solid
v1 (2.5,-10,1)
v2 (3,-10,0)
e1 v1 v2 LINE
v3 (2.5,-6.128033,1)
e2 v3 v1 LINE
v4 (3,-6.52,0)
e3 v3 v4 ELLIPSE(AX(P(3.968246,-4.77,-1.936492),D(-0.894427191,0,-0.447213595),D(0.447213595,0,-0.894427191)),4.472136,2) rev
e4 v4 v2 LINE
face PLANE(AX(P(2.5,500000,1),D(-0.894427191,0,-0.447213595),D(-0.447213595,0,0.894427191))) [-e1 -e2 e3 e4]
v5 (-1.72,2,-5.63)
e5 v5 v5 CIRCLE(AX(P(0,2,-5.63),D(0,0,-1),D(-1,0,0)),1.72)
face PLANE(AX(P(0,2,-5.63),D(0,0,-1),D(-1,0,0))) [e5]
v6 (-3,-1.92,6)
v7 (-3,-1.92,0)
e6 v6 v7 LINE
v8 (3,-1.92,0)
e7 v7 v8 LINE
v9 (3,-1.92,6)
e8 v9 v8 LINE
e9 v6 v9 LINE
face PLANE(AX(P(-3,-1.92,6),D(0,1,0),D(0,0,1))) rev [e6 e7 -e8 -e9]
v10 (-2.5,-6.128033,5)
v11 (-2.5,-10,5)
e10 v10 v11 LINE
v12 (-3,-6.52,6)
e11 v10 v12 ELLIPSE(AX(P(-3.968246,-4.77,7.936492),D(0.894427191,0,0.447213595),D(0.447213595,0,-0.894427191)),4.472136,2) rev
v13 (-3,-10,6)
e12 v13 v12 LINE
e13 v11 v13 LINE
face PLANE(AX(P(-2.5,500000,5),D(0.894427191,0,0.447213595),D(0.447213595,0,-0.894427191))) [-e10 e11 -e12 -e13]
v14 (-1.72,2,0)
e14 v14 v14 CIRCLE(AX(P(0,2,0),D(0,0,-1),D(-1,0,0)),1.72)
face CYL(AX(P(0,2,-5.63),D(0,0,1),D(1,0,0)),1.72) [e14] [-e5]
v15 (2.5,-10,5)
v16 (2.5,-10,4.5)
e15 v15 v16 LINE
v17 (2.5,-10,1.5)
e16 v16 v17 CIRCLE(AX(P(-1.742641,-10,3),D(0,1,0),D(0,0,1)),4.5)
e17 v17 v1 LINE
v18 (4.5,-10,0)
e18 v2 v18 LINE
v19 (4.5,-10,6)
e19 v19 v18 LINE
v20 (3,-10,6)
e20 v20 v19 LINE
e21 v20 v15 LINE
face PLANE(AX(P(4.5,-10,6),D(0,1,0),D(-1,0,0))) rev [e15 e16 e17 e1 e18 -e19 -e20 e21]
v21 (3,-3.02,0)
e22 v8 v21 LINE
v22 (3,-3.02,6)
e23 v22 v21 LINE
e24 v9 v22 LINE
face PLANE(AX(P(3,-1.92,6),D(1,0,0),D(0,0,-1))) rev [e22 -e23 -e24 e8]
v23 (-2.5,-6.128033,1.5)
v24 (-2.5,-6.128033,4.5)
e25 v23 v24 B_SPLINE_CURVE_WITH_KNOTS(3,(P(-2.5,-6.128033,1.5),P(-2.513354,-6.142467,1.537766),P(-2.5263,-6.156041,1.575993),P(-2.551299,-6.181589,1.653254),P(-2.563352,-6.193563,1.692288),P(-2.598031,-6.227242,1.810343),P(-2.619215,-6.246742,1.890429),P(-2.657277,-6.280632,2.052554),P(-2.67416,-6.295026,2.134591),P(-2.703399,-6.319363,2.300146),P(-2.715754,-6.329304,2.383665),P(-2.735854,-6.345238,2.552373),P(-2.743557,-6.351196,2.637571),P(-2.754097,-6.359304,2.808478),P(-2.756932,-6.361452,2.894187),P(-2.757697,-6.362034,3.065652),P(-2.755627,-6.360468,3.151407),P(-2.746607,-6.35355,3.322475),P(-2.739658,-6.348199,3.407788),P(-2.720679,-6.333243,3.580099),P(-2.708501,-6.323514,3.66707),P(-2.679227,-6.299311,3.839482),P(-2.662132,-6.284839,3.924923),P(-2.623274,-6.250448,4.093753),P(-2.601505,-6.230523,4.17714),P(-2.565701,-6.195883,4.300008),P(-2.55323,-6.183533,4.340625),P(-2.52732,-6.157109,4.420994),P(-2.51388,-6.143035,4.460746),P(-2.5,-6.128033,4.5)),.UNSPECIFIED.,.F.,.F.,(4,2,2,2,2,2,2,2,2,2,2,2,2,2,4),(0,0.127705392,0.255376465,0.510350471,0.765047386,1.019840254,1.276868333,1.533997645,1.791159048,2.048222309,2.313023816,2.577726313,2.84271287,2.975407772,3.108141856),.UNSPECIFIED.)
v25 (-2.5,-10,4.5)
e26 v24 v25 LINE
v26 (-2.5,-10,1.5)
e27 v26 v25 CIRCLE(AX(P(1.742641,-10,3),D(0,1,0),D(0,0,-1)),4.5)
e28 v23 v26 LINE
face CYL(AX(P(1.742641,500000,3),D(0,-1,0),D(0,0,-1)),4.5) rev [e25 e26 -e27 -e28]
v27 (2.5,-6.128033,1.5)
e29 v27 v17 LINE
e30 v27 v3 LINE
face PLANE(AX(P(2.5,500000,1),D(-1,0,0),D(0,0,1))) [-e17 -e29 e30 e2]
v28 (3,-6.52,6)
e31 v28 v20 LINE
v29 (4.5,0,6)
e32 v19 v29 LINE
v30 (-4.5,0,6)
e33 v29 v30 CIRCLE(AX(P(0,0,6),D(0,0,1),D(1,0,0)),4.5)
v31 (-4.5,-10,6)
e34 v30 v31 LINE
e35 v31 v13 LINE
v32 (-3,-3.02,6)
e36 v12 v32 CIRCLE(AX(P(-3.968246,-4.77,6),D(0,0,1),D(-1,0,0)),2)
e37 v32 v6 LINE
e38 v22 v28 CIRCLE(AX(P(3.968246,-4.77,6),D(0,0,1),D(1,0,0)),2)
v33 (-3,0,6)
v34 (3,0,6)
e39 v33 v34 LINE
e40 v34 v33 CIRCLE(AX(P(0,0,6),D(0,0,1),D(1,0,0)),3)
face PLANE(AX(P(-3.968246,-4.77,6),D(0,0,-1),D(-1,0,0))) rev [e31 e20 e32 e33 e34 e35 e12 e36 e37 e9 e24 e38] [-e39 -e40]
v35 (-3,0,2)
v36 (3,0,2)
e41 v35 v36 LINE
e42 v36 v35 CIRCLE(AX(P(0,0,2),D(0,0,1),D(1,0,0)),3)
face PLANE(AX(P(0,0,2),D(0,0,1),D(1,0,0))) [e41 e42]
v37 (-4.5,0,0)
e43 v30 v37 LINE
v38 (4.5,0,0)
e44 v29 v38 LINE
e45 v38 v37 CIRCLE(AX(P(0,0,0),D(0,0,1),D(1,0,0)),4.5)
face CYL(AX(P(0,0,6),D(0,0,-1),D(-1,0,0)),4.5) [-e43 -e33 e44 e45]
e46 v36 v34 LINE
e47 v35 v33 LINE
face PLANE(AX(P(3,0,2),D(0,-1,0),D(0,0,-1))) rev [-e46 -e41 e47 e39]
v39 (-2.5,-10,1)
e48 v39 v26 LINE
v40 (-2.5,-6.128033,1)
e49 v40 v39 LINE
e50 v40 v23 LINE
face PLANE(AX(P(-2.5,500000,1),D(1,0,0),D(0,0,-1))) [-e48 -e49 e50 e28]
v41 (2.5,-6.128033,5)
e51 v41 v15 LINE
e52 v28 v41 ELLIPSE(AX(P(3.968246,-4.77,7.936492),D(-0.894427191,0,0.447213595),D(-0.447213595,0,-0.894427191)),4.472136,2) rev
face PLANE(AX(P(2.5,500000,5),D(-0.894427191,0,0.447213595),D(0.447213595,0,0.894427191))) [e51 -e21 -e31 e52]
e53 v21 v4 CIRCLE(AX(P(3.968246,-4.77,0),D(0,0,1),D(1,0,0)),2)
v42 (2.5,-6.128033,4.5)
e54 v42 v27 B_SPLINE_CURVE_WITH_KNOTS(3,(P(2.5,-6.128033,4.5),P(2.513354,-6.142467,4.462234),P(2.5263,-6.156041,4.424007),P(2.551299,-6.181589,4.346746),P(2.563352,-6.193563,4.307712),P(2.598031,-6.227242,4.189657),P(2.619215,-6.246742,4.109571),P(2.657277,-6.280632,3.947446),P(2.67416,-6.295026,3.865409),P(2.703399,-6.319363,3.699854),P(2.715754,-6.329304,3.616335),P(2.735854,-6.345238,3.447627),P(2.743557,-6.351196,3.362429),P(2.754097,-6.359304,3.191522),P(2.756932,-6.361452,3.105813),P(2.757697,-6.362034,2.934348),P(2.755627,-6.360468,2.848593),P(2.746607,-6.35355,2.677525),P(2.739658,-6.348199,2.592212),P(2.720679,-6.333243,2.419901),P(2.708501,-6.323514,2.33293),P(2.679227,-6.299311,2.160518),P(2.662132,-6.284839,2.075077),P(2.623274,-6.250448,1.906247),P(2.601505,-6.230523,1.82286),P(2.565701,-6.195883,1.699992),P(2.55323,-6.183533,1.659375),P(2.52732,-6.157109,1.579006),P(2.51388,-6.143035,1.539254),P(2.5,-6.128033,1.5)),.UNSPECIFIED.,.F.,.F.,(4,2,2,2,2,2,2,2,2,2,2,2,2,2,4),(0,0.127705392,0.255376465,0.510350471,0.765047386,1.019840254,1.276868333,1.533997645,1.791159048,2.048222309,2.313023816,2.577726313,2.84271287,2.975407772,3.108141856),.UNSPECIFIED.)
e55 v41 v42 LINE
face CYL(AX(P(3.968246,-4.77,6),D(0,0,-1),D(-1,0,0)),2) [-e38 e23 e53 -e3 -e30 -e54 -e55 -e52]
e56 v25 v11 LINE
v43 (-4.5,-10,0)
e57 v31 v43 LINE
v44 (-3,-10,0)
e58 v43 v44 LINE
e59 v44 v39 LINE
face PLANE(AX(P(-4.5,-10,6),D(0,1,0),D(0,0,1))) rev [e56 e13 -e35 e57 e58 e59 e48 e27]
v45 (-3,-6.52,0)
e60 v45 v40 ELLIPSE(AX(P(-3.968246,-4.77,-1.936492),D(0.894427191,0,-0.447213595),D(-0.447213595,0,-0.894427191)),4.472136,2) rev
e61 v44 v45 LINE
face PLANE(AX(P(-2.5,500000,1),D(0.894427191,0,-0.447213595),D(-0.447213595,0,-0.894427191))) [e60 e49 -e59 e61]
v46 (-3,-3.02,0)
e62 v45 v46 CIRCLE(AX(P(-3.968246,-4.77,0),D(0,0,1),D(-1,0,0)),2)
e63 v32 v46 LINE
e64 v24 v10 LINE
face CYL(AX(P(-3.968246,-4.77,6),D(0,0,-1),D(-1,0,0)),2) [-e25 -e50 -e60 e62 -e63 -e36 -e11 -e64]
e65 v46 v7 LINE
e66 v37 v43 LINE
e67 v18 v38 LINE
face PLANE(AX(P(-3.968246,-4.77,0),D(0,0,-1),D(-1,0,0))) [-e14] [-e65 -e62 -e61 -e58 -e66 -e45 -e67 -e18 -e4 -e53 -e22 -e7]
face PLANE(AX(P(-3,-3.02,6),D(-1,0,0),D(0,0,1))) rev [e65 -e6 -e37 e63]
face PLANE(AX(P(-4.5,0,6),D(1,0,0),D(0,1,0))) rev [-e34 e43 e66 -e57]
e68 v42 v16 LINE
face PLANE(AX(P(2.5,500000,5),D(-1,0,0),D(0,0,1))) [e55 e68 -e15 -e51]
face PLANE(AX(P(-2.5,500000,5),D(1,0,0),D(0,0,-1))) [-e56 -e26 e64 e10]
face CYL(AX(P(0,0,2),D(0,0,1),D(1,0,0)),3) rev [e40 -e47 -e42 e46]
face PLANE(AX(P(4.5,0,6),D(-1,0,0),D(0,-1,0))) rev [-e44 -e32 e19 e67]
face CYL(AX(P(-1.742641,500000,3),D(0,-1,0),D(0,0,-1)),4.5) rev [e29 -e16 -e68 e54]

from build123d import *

# Parameters (mm, degrees)
EXTRUDE_1_DEPTH     = 6
CUT_EXTRUDE_1_DEPTH = 4
SKETCH_3_R          = 1.72
EXTRUDE_2_DEPTH     = 5.63
EXTRUDE_5_REACH     = 16.5


with BuildPart() as part:
    # 草图1 → 凸台-拉伸1 (new body)
    with BuildSketch(Plane.XY):
        with BuildLine():
            Line((4.5, 0), (4.5, -10))
            Line((4.5, -10), (3, -10))
            Line((3, -10), (3, -6.52))
            ThreePointArc((3, -6.52), (1.968245837, -4.77), (3, -3.02))
            Line((3, -3.02), (3, -1.92))
            Line((3, -1.92), (-3, -1.92))
            Line((-3, -1.92), (-3, -3.02))
            ThreePointArc((-3, -3.02), (-1.968245837, -4.77), (-3, -6.52))
            Line((-3, -6.52), (-3, -10))
            Line((-3, -10), (-4.5, -10))
            Line((-4.5, -10), (-4.5, 0))
            ThreePointArc((-4.5, 0), (0, 4.5), (4.5, 0))
        make_face()
    extrude(amount=EXTRUDE_1_DEPTH)

    # 草图2 → 切除-拉伸1 (cut)
    with BuildSketch(Plane.XY.offset(6)):
        with BuildLine():
            Line((3, 0), (-3, 0))
            ThreePointArc((-3, 0), (0, 3), (3, 0))
        make_face()
    extrude(amount=-CUT_EXTRUDE_1_DEPTH, mode=Mode.SUBTRACT)

    # 草图3 → 凸台-拉伸2 (add)
    with BuildSketch(Plane(origin=(0, 0, 0), x_dir=(-1, 0, 0), z_dir=(0, 0, -1))):
        with Locations((0, 2)):
            Circle(SKETCH_3_R)
    extrude(amount=EXTRUDE_2_DEPTH)

    # 草图4 → 凸台-拉伸5 (add, up to next)
    with BuildSketch(Plane.XZ.offset(10), mode=Mode.PRIVATE) as extrude_5_sk1:
        with BuildLine():
            Line((-3, 0), (-3, 6))
            Line((-3, 6), (-2.5, 5))
            Line((-2.5, 5), (-2.5, 4.5))
            ThreePointArc((-2.5, 4.5), (-2.757359313, 3), (-2.5, 1.5))
            Line((-2.5, 1.5), (-2.5, 1))
            Line((-2.5, 1), (-3, 0))
        make_face()
    extrude_5_tool1 = extrude(extrude_5_sk1.sketch, amount=-EXTRUDE_5_REACH, mode=Mode.PRIVATE) - part.part
    add(extrude_5_tool1.solids().sort_by_distance((-2.809362, -10, 3))[0])
    # 草图4 → 凸台-拉伸5 (add, up to next)
    with BuildSketch(Plane.XZ.offset(10), mode=Mode.PRIVATE) as extrude_5_sk2:
        with BuildLine():
            Line((2.5, 5), (2.5, 4.5))
            ThreePointArc((2.5, 4.5), (2.757359313, 3), (2.5, 1.5))
            Line((2.5, 1.5), (2.5, 1))
            Line((2.5, 1), (3, 0))
            Line((3, 0), (3, 6))
            Line((3, 6), (2.5, 5))
        make_face()
    extrude_5_tool2 = extrude(extrude_5_sk2.sketch, amount=-EXTRUDE_5_REACH, mode=Mode.PRIVATE) - part.part
    add(extrude_5_tool2.solids().sort_by_distance((2.809362, -10, 3))[0])


solid = part.part
